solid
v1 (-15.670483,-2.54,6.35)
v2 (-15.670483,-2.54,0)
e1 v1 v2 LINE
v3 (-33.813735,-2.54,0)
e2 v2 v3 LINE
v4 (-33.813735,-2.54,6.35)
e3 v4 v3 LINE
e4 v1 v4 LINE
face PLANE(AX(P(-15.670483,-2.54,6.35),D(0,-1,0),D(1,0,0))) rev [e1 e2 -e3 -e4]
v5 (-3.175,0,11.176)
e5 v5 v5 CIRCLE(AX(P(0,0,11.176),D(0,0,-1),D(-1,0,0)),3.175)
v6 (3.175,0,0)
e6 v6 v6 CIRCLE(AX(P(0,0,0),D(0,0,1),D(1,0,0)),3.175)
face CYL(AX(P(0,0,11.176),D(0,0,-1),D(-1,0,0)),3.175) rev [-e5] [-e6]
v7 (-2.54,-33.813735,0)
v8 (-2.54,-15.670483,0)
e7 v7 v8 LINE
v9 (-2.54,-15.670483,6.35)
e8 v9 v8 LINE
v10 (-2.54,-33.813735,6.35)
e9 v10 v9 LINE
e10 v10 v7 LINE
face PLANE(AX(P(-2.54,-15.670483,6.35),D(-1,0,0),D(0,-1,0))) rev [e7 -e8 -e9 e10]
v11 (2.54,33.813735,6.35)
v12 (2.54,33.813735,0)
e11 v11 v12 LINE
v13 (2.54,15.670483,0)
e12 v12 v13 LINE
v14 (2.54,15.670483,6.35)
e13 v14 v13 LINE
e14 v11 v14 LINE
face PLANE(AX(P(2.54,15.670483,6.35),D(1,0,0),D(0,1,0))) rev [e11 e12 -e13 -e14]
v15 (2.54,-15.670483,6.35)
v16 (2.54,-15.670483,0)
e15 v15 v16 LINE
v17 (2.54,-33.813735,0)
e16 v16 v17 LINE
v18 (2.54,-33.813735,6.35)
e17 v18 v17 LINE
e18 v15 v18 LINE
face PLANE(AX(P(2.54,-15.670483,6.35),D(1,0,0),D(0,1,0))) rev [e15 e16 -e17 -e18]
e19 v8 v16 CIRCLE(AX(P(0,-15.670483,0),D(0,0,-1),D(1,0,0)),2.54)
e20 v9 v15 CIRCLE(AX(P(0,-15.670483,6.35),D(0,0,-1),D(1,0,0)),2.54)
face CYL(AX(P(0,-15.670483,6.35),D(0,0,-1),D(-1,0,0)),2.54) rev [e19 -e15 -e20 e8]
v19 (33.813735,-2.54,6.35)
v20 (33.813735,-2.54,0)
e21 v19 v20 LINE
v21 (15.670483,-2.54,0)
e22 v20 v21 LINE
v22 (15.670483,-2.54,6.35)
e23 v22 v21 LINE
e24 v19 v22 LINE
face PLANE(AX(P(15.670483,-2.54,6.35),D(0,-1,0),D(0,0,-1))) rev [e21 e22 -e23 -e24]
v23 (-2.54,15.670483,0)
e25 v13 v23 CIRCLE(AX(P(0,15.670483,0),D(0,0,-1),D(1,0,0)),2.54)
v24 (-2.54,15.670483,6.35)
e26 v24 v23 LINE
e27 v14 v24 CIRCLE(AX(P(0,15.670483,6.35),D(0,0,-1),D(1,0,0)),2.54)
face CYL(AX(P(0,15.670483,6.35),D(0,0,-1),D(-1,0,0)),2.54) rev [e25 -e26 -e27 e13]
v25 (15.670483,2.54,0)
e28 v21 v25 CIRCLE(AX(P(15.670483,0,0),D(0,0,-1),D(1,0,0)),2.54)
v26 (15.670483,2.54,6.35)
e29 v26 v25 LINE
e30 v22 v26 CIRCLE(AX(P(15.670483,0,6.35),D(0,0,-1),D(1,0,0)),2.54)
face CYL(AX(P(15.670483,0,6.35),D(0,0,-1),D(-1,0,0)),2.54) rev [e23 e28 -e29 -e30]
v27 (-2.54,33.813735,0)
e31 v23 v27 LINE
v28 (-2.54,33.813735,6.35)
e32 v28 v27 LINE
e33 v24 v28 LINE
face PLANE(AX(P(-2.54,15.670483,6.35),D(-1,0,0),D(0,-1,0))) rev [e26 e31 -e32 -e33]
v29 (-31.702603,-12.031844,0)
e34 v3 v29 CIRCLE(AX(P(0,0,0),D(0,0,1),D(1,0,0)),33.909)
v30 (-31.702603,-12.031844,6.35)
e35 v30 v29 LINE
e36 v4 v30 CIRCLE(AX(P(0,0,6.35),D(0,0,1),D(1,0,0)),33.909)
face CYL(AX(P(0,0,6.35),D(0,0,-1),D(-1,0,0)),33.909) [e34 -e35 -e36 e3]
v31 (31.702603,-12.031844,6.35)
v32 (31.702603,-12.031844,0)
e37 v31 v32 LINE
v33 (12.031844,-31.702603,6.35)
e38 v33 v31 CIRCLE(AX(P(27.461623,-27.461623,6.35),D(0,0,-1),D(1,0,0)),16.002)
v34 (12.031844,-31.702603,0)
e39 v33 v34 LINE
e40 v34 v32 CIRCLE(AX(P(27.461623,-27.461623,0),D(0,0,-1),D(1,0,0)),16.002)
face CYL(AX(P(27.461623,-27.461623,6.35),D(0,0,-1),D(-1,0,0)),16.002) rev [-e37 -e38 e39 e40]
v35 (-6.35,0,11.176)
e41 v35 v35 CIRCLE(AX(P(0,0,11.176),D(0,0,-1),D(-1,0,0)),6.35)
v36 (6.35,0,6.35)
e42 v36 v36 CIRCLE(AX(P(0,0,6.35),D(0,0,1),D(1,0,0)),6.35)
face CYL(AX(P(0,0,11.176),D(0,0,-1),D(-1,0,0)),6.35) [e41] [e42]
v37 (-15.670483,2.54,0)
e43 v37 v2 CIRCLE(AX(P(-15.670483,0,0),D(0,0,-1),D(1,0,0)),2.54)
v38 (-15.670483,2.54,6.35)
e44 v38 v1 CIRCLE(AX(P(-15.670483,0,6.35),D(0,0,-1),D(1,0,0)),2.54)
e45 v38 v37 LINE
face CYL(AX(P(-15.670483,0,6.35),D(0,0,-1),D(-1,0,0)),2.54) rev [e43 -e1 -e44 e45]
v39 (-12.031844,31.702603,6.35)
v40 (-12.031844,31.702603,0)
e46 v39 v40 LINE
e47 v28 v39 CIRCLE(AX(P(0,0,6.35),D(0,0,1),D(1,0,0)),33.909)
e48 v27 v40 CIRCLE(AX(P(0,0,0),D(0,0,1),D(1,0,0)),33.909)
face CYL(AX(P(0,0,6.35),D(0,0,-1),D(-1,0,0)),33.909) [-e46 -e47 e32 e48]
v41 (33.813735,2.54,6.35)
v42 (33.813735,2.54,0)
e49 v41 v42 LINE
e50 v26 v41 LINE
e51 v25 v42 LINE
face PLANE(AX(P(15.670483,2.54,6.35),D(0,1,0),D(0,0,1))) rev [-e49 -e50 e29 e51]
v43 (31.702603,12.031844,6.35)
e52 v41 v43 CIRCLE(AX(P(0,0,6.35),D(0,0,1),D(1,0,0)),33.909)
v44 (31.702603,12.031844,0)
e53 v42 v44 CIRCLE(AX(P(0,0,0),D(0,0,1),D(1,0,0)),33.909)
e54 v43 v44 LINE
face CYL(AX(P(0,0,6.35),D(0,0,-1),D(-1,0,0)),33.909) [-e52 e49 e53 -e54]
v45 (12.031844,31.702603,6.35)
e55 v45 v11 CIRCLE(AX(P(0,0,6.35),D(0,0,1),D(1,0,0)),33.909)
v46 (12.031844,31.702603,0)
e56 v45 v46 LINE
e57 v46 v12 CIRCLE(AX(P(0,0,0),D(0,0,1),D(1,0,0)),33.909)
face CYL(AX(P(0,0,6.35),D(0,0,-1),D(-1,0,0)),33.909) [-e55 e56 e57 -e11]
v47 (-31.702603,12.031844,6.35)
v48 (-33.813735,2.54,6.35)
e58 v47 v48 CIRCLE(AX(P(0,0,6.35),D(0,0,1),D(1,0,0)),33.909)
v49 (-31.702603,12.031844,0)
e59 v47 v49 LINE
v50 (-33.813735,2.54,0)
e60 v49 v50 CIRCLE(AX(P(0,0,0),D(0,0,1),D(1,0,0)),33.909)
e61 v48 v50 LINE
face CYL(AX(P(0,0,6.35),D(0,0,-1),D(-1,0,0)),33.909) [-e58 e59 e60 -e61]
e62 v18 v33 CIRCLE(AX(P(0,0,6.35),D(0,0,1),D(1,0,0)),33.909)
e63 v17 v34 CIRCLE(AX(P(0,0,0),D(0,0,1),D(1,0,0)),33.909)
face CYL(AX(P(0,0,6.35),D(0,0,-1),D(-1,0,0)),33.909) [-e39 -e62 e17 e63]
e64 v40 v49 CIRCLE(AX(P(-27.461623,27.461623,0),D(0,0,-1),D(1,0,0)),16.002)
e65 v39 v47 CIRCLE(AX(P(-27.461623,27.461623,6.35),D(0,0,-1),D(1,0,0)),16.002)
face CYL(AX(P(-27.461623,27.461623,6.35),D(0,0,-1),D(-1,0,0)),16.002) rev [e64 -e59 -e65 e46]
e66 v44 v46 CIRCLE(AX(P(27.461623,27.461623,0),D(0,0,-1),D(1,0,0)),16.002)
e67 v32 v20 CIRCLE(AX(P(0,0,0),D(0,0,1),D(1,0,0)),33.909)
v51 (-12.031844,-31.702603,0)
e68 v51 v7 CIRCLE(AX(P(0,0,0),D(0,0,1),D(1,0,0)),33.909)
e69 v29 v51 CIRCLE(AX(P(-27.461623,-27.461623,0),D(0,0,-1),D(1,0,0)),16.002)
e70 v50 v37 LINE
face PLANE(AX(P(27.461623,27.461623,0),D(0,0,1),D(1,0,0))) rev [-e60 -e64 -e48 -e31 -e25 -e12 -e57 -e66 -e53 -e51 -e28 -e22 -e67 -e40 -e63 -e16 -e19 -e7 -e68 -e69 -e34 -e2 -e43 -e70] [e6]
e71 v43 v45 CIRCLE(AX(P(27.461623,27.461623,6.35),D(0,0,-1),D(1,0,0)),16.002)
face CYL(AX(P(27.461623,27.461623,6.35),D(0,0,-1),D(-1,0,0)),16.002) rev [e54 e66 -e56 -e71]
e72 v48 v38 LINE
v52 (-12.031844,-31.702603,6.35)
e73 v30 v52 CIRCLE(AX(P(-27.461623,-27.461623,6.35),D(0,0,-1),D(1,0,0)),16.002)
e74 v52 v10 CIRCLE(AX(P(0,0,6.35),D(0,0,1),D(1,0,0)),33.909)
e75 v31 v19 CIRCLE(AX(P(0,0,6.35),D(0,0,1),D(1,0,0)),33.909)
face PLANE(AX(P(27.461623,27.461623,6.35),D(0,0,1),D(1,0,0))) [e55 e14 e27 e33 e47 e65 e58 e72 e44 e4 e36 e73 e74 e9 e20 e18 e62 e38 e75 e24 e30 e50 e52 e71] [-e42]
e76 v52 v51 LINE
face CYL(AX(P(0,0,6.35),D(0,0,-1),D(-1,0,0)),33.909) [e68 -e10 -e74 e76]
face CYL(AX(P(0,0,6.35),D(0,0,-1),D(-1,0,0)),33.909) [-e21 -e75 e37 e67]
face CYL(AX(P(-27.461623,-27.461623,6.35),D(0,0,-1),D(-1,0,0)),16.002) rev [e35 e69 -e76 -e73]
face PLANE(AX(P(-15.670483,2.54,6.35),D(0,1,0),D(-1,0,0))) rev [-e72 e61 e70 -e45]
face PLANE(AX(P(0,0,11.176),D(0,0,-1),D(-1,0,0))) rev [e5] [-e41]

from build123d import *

# Parameters (mm, degrees)
BOSS_EXTRUDE1_DEPTH = 6.35
SKETCH2_R           = 6.35
SKETCH2_R_2         = 3.175
BOSS_EXTRUDE2_DEPTH = 11.176
SKETCH3_R           = 3.175
CUT_EXTRUDE1_DEPTH  = 49.23960885


with BuildPart() as part:
    # Sketch1 → Boss-Extrude1 (new body)
    with BuildSketch(Plane.XY):
        with BuildLine():
            Line((15.670482603, -2.54), (33.813735094, -2.54))
            ThreePointArc((33.813735094, -2.54), (33.100172266, -7.361988656), (31.702602715, -12.03184367))
            ThreePointArc((31.702602715, -12.03184367), (16.146500506, -16.146500506), (12.03184367, -31.702602715))
            ThreePointArc((12.03184367, -31.702602715), (7.361988656, -33.100172266), (2.54, -33.813735094))
            Line((2.54, -33.813735094), (2.54, -15.670482603))
            ThreePointArc((2.54, -15.670482603), (0, -13.130482603), (-2.54, -15.670482603))
            Line((-2.54, -15.670482603), (-2.54, -33.813735094))
            ThreePointArc((-2.54, -33.813735094), (-7.361988656, -33.100172266), (-12.03184367, -31.702602715))
            ThreePointArc((-12.03184367, -31.702602715), (-16.146500506, -16.146500506), (-31.702602715, -12.03184367))
            ThreePointArc((-31.702602715, -12.03184367), (-33.100172266, -7.361988656), (-33.813735094, -2.54))
            Line((-33.813735094, -2.54), (-15.670482603, -2.54))
            ThreePointArc((-15.670482603, -2.54), (-13.130482603, 0), (-15.670482603, 2.54))
            Line((-15.670482603, 2.54), (-33.813735094, 2.54))
            ThreePointArc((-33.813735094, 2.54), (-33.100172266, 7.361988656), (-31.702602715, 12.03184367))
            ThreePointArc((-31.702602715, 12.03184367), (-16.146500506, 16.146500506), (-12.03184367, 31.702602715))
            ThreePointArc((-12.03184367, 31.702602715), (-7.361988656, 33.100172266), (-2.54, 33.813735094))
            Line((-2.54, 33.813735094), (-2.54, 15.670482603))
            ThreePointArc((-2.54, 15.670482603), (0, 13.130482603), (2.54, 15.670482603))
            Line((2.54, 15.670482603), (2.54, 33.813735094))
            ThreePointArc((2.54, 33.813735094), (7.361988656, 33.100172266), (12.03184367, 31.702602715))
            ThreePointArc((12.03184367, 31.702602715), (16.146500506, 16.146500506), (31.702602715, 12.03184367))
            ThreePointArc((31.702602715, 12.03184367), (33.100172266, 7.361988656), (33.813735094, 2.54))
            Line((33.813735094, 2.54), (15.670482603, 2.54))
            ThreePointArc((15.670482603, 2.54), (13.130482603, 0), (15.670482603, -2.54))
        make_face()
    extrude(amount=BOSS_EXTRUDE1_DEPTH)

    # Sketch2 → Boss-Extrude2 (add)
    with BuildSketch(Plane(origin=(0, 0, 0), x_dir=(-1, 0, 0), z_dir=(0, 0, -1))):
        Circle(SKETCH2_R)
        Circle(SKETCH2_R_2, mode=Mode.SUBTRACT)
    extrude(amount=-BOSS_EXTRUDE2_DEPTH)

    # Sketch3 → Cut-Extrude1 (cut, through all)
    with BuildSketch(Plane.XY.offset(6.35)):
        with Locations(Location((0, 0, 0), (0, 0, 180))):
            Circle(SKETCH3_R)
    extrude(amount=-CUT_EXTRUDE1_DEPTH, mode=Mode.SUBTRACT)


solid = part.part
